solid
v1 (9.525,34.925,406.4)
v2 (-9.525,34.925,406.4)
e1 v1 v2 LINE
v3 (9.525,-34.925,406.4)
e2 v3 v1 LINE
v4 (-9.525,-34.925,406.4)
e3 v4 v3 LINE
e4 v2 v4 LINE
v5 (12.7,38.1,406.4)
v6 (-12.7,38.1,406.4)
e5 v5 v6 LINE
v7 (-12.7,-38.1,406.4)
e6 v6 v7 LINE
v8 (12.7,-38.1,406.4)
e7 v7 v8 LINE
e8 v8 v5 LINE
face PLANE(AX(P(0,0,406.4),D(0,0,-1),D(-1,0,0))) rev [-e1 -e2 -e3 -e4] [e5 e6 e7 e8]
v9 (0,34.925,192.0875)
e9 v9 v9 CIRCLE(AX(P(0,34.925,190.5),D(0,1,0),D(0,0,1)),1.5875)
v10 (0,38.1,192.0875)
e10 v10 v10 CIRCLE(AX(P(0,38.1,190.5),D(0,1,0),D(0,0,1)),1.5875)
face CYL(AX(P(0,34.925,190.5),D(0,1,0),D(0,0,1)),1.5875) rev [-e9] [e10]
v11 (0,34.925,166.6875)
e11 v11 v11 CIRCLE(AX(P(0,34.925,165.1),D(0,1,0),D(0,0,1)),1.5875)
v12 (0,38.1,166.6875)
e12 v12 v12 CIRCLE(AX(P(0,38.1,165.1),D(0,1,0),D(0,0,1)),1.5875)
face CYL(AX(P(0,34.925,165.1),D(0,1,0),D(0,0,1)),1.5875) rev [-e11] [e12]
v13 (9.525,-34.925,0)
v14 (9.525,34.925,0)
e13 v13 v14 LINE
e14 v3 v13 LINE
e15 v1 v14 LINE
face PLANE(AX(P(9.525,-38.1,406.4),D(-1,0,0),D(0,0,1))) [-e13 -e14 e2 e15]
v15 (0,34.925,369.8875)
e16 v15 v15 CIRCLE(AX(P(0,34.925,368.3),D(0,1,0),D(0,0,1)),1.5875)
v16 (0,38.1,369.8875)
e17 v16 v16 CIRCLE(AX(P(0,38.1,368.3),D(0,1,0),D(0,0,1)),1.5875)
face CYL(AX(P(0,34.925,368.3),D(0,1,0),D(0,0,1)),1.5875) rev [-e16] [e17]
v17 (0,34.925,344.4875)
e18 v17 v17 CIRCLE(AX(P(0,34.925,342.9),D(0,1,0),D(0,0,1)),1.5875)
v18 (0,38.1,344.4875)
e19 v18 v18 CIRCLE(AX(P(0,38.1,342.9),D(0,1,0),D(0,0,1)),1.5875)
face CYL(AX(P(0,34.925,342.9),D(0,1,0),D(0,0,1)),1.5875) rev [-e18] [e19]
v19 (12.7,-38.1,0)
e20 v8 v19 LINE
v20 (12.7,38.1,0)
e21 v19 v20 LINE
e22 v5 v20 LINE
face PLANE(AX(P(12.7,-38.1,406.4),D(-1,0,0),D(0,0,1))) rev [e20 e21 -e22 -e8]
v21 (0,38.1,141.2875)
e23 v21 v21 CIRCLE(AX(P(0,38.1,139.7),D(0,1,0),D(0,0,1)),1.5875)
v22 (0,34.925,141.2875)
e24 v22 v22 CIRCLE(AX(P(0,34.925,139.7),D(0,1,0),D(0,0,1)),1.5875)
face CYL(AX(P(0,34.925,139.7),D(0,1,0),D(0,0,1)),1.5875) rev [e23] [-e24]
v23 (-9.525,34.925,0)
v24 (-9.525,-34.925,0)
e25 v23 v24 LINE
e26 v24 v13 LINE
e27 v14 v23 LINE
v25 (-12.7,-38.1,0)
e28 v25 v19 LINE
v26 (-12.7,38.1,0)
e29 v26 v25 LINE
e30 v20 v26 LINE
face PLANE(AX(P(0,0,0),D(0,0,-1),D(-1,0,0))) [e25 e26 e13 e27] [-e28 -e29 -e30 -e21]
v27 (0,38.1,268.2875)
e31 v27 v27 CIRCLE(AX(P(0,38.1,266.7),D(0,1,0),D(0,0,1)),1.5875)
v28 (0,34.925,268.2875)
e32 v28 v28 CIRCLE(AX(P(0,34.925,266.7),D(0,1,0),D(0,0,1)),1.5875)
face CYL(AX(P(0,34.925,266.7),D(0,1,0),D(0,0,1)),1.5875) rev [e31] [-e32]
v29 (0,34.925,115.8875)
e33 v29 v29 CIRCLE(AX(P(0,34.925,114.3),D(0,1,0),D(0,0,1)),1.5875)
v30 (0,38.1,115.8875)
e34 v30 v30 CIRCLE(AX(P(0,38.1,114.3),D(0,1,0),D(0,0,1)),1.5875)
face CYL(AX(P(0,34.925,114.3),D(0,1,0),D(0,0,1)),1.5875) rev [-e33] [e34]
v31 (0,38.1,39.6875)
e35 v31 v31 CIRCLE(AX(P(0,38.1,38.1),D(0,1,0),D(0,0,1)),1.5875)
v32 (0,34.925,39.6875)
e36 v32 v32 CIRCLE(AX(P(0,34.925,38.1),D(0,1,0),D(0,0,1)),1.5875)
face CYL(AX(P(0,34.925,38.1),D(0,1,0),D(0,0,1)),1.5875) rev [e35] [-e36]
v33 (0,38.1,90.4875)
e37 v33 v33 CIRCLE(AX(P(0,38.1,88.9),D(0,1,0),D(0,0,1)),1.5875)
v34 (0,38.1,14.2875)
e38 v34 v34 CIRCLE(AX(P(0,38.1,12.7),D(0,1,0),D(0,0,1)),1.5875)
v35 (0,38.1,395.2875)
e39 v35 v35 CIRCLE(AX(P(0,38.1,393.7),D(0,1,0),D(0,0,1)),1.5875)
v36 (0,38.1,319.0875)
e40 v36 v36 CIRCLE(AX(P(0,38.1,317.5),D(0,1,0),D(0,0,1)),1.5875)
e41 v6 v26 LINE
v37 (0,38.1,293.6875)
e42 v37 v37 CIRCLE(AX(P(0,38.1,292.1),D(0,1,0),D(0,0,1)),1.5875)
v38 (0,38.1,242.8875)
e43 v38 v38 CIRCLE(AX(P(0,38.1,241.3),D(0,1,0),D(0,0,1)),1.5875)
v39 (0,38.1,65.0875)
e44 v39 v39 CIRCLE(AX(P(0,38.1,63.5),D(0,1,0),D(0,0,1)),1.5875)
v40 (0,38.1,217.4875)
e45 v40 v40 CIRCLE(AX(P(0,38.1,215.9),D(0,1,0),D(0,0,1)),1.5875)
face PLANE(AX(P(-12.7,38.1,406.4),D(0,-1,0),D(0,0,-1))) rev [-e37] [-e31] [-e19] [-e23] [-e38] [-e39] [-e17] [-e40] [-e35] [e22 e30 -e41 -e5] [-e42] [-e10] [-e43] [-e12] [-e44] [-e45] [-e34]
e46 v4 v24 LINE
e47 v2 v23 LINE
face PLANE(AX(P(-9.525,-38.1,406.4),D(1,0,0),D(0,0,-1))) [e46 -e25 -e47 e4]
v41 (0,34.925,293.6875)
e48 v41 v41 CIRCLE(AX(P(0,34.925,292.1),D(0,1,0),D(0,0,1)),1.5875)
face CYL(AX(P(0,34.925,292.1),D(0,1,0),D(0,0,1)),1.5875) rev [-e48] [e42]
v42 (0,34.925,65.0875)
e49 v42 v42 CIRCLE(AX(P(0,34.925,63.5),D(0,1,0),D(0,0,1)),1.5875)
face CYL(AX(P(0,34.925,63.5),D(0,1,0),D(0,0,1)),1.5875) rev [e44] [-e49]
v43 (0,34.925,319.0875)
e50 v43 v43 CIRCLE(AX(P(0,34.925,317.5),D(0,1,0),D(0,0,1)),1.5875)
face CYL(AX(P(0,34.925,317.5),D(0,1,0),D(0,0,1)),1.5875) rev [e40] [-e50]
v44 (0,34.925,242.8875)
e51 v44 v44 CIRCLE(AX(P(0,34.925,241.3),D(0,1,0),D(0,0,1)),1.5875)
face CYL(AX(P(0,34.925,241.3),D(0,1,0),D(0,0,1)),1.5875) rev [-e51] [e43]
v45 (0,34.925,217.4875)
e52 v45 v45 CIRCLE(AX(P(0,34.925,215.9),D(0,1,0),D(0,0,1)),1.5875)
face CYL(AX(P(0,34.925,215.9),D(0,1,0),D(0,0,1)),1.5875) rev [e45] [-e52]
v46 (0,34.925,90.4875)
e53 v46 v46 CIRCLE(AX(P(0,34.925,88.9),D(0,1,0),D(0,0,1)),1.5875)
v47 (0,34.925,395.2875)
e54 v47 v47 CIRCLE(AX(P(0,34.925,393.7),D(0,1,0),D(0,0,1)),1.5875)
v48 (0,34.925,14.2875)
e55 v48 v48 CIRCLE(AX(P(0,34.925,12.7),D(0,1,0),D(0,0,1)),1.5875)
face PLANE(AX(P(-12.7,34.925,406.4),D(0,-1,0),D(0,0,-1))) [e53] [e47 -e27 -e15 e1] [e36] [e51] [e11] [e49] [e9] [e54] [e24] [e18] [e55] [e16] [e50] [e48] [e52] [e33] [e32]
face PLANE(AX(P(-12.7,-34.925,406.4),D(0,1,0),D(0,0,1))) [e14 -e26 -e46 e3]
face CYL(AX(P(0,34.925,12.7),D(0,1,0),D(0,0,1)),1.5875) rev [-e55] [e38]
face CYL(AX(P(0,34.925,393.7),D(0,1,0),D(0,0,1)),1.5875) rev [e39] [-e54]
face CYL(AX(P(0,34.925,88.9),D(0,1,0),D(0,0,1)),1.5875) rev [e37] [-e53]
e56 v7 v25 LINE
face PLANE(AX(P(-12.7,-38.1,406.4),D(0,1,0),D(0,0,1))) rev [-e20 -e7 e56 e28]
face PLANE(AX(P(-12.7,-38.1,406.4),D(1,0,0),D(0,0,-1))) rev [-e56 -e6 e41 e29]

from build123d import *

# Parameters (mm, degrees)
SKETCH1_W           = 25.4
SKETCH1_H           = 76.2
BOSS_EXTRUDE1_DEPTH = 406.4
SHELL1_T            = -3.175
SKETCH2_R           = 1.5875
CUT_EXTRUDE1_DEPTH  = 3.175
LPATTERN1_COUNT     = 16
LPATTERN1_PITCH     = 25.4


with BuildPart() as part:
    # Sketch1 → Boss-Extrude1 (new body)
    with BuildSketch(Plane.XY):
        Rectangle(SKETCH1_W, SKETCH1_H)
    extrude(amount=BOSS_EXTRUDE1_DEPTH)

    # Shell1
    shell1_openings = [part.faces().sort_by_distance(p)[0] for p in [
        (0, 0, 406.4),
        (0, 0, 0),
    ]]
    offset(amount=SHELL1_T, openings=shell1_openings, kind=Kind.INTERSECTION)

    # Sketch2 → Cut-Extrude1 (cut)
    with BuildSketch(Plane(origin=(0, 38.1, 0), x_dir=(1, 0, 0), z_dir=(0, 1, 0))):
        with Locations((0, -12.7)):
            Circle(SKETCH2_R)
    cut_extrude1 = extrude(amount=-CUT_EXTRUDE1_DEPTH, mode=Mode.SUBTRACT)

    # LPattern1: Cut-Extrude1 ×16
    with Locations(*[(0, 0, i * LPATTERN1_PITCH) for i in range(1, LPATTERN1_COUNT)]):
        add(cut_extrude1, mode=Mode.SUBTRACT)


solid = part.part
